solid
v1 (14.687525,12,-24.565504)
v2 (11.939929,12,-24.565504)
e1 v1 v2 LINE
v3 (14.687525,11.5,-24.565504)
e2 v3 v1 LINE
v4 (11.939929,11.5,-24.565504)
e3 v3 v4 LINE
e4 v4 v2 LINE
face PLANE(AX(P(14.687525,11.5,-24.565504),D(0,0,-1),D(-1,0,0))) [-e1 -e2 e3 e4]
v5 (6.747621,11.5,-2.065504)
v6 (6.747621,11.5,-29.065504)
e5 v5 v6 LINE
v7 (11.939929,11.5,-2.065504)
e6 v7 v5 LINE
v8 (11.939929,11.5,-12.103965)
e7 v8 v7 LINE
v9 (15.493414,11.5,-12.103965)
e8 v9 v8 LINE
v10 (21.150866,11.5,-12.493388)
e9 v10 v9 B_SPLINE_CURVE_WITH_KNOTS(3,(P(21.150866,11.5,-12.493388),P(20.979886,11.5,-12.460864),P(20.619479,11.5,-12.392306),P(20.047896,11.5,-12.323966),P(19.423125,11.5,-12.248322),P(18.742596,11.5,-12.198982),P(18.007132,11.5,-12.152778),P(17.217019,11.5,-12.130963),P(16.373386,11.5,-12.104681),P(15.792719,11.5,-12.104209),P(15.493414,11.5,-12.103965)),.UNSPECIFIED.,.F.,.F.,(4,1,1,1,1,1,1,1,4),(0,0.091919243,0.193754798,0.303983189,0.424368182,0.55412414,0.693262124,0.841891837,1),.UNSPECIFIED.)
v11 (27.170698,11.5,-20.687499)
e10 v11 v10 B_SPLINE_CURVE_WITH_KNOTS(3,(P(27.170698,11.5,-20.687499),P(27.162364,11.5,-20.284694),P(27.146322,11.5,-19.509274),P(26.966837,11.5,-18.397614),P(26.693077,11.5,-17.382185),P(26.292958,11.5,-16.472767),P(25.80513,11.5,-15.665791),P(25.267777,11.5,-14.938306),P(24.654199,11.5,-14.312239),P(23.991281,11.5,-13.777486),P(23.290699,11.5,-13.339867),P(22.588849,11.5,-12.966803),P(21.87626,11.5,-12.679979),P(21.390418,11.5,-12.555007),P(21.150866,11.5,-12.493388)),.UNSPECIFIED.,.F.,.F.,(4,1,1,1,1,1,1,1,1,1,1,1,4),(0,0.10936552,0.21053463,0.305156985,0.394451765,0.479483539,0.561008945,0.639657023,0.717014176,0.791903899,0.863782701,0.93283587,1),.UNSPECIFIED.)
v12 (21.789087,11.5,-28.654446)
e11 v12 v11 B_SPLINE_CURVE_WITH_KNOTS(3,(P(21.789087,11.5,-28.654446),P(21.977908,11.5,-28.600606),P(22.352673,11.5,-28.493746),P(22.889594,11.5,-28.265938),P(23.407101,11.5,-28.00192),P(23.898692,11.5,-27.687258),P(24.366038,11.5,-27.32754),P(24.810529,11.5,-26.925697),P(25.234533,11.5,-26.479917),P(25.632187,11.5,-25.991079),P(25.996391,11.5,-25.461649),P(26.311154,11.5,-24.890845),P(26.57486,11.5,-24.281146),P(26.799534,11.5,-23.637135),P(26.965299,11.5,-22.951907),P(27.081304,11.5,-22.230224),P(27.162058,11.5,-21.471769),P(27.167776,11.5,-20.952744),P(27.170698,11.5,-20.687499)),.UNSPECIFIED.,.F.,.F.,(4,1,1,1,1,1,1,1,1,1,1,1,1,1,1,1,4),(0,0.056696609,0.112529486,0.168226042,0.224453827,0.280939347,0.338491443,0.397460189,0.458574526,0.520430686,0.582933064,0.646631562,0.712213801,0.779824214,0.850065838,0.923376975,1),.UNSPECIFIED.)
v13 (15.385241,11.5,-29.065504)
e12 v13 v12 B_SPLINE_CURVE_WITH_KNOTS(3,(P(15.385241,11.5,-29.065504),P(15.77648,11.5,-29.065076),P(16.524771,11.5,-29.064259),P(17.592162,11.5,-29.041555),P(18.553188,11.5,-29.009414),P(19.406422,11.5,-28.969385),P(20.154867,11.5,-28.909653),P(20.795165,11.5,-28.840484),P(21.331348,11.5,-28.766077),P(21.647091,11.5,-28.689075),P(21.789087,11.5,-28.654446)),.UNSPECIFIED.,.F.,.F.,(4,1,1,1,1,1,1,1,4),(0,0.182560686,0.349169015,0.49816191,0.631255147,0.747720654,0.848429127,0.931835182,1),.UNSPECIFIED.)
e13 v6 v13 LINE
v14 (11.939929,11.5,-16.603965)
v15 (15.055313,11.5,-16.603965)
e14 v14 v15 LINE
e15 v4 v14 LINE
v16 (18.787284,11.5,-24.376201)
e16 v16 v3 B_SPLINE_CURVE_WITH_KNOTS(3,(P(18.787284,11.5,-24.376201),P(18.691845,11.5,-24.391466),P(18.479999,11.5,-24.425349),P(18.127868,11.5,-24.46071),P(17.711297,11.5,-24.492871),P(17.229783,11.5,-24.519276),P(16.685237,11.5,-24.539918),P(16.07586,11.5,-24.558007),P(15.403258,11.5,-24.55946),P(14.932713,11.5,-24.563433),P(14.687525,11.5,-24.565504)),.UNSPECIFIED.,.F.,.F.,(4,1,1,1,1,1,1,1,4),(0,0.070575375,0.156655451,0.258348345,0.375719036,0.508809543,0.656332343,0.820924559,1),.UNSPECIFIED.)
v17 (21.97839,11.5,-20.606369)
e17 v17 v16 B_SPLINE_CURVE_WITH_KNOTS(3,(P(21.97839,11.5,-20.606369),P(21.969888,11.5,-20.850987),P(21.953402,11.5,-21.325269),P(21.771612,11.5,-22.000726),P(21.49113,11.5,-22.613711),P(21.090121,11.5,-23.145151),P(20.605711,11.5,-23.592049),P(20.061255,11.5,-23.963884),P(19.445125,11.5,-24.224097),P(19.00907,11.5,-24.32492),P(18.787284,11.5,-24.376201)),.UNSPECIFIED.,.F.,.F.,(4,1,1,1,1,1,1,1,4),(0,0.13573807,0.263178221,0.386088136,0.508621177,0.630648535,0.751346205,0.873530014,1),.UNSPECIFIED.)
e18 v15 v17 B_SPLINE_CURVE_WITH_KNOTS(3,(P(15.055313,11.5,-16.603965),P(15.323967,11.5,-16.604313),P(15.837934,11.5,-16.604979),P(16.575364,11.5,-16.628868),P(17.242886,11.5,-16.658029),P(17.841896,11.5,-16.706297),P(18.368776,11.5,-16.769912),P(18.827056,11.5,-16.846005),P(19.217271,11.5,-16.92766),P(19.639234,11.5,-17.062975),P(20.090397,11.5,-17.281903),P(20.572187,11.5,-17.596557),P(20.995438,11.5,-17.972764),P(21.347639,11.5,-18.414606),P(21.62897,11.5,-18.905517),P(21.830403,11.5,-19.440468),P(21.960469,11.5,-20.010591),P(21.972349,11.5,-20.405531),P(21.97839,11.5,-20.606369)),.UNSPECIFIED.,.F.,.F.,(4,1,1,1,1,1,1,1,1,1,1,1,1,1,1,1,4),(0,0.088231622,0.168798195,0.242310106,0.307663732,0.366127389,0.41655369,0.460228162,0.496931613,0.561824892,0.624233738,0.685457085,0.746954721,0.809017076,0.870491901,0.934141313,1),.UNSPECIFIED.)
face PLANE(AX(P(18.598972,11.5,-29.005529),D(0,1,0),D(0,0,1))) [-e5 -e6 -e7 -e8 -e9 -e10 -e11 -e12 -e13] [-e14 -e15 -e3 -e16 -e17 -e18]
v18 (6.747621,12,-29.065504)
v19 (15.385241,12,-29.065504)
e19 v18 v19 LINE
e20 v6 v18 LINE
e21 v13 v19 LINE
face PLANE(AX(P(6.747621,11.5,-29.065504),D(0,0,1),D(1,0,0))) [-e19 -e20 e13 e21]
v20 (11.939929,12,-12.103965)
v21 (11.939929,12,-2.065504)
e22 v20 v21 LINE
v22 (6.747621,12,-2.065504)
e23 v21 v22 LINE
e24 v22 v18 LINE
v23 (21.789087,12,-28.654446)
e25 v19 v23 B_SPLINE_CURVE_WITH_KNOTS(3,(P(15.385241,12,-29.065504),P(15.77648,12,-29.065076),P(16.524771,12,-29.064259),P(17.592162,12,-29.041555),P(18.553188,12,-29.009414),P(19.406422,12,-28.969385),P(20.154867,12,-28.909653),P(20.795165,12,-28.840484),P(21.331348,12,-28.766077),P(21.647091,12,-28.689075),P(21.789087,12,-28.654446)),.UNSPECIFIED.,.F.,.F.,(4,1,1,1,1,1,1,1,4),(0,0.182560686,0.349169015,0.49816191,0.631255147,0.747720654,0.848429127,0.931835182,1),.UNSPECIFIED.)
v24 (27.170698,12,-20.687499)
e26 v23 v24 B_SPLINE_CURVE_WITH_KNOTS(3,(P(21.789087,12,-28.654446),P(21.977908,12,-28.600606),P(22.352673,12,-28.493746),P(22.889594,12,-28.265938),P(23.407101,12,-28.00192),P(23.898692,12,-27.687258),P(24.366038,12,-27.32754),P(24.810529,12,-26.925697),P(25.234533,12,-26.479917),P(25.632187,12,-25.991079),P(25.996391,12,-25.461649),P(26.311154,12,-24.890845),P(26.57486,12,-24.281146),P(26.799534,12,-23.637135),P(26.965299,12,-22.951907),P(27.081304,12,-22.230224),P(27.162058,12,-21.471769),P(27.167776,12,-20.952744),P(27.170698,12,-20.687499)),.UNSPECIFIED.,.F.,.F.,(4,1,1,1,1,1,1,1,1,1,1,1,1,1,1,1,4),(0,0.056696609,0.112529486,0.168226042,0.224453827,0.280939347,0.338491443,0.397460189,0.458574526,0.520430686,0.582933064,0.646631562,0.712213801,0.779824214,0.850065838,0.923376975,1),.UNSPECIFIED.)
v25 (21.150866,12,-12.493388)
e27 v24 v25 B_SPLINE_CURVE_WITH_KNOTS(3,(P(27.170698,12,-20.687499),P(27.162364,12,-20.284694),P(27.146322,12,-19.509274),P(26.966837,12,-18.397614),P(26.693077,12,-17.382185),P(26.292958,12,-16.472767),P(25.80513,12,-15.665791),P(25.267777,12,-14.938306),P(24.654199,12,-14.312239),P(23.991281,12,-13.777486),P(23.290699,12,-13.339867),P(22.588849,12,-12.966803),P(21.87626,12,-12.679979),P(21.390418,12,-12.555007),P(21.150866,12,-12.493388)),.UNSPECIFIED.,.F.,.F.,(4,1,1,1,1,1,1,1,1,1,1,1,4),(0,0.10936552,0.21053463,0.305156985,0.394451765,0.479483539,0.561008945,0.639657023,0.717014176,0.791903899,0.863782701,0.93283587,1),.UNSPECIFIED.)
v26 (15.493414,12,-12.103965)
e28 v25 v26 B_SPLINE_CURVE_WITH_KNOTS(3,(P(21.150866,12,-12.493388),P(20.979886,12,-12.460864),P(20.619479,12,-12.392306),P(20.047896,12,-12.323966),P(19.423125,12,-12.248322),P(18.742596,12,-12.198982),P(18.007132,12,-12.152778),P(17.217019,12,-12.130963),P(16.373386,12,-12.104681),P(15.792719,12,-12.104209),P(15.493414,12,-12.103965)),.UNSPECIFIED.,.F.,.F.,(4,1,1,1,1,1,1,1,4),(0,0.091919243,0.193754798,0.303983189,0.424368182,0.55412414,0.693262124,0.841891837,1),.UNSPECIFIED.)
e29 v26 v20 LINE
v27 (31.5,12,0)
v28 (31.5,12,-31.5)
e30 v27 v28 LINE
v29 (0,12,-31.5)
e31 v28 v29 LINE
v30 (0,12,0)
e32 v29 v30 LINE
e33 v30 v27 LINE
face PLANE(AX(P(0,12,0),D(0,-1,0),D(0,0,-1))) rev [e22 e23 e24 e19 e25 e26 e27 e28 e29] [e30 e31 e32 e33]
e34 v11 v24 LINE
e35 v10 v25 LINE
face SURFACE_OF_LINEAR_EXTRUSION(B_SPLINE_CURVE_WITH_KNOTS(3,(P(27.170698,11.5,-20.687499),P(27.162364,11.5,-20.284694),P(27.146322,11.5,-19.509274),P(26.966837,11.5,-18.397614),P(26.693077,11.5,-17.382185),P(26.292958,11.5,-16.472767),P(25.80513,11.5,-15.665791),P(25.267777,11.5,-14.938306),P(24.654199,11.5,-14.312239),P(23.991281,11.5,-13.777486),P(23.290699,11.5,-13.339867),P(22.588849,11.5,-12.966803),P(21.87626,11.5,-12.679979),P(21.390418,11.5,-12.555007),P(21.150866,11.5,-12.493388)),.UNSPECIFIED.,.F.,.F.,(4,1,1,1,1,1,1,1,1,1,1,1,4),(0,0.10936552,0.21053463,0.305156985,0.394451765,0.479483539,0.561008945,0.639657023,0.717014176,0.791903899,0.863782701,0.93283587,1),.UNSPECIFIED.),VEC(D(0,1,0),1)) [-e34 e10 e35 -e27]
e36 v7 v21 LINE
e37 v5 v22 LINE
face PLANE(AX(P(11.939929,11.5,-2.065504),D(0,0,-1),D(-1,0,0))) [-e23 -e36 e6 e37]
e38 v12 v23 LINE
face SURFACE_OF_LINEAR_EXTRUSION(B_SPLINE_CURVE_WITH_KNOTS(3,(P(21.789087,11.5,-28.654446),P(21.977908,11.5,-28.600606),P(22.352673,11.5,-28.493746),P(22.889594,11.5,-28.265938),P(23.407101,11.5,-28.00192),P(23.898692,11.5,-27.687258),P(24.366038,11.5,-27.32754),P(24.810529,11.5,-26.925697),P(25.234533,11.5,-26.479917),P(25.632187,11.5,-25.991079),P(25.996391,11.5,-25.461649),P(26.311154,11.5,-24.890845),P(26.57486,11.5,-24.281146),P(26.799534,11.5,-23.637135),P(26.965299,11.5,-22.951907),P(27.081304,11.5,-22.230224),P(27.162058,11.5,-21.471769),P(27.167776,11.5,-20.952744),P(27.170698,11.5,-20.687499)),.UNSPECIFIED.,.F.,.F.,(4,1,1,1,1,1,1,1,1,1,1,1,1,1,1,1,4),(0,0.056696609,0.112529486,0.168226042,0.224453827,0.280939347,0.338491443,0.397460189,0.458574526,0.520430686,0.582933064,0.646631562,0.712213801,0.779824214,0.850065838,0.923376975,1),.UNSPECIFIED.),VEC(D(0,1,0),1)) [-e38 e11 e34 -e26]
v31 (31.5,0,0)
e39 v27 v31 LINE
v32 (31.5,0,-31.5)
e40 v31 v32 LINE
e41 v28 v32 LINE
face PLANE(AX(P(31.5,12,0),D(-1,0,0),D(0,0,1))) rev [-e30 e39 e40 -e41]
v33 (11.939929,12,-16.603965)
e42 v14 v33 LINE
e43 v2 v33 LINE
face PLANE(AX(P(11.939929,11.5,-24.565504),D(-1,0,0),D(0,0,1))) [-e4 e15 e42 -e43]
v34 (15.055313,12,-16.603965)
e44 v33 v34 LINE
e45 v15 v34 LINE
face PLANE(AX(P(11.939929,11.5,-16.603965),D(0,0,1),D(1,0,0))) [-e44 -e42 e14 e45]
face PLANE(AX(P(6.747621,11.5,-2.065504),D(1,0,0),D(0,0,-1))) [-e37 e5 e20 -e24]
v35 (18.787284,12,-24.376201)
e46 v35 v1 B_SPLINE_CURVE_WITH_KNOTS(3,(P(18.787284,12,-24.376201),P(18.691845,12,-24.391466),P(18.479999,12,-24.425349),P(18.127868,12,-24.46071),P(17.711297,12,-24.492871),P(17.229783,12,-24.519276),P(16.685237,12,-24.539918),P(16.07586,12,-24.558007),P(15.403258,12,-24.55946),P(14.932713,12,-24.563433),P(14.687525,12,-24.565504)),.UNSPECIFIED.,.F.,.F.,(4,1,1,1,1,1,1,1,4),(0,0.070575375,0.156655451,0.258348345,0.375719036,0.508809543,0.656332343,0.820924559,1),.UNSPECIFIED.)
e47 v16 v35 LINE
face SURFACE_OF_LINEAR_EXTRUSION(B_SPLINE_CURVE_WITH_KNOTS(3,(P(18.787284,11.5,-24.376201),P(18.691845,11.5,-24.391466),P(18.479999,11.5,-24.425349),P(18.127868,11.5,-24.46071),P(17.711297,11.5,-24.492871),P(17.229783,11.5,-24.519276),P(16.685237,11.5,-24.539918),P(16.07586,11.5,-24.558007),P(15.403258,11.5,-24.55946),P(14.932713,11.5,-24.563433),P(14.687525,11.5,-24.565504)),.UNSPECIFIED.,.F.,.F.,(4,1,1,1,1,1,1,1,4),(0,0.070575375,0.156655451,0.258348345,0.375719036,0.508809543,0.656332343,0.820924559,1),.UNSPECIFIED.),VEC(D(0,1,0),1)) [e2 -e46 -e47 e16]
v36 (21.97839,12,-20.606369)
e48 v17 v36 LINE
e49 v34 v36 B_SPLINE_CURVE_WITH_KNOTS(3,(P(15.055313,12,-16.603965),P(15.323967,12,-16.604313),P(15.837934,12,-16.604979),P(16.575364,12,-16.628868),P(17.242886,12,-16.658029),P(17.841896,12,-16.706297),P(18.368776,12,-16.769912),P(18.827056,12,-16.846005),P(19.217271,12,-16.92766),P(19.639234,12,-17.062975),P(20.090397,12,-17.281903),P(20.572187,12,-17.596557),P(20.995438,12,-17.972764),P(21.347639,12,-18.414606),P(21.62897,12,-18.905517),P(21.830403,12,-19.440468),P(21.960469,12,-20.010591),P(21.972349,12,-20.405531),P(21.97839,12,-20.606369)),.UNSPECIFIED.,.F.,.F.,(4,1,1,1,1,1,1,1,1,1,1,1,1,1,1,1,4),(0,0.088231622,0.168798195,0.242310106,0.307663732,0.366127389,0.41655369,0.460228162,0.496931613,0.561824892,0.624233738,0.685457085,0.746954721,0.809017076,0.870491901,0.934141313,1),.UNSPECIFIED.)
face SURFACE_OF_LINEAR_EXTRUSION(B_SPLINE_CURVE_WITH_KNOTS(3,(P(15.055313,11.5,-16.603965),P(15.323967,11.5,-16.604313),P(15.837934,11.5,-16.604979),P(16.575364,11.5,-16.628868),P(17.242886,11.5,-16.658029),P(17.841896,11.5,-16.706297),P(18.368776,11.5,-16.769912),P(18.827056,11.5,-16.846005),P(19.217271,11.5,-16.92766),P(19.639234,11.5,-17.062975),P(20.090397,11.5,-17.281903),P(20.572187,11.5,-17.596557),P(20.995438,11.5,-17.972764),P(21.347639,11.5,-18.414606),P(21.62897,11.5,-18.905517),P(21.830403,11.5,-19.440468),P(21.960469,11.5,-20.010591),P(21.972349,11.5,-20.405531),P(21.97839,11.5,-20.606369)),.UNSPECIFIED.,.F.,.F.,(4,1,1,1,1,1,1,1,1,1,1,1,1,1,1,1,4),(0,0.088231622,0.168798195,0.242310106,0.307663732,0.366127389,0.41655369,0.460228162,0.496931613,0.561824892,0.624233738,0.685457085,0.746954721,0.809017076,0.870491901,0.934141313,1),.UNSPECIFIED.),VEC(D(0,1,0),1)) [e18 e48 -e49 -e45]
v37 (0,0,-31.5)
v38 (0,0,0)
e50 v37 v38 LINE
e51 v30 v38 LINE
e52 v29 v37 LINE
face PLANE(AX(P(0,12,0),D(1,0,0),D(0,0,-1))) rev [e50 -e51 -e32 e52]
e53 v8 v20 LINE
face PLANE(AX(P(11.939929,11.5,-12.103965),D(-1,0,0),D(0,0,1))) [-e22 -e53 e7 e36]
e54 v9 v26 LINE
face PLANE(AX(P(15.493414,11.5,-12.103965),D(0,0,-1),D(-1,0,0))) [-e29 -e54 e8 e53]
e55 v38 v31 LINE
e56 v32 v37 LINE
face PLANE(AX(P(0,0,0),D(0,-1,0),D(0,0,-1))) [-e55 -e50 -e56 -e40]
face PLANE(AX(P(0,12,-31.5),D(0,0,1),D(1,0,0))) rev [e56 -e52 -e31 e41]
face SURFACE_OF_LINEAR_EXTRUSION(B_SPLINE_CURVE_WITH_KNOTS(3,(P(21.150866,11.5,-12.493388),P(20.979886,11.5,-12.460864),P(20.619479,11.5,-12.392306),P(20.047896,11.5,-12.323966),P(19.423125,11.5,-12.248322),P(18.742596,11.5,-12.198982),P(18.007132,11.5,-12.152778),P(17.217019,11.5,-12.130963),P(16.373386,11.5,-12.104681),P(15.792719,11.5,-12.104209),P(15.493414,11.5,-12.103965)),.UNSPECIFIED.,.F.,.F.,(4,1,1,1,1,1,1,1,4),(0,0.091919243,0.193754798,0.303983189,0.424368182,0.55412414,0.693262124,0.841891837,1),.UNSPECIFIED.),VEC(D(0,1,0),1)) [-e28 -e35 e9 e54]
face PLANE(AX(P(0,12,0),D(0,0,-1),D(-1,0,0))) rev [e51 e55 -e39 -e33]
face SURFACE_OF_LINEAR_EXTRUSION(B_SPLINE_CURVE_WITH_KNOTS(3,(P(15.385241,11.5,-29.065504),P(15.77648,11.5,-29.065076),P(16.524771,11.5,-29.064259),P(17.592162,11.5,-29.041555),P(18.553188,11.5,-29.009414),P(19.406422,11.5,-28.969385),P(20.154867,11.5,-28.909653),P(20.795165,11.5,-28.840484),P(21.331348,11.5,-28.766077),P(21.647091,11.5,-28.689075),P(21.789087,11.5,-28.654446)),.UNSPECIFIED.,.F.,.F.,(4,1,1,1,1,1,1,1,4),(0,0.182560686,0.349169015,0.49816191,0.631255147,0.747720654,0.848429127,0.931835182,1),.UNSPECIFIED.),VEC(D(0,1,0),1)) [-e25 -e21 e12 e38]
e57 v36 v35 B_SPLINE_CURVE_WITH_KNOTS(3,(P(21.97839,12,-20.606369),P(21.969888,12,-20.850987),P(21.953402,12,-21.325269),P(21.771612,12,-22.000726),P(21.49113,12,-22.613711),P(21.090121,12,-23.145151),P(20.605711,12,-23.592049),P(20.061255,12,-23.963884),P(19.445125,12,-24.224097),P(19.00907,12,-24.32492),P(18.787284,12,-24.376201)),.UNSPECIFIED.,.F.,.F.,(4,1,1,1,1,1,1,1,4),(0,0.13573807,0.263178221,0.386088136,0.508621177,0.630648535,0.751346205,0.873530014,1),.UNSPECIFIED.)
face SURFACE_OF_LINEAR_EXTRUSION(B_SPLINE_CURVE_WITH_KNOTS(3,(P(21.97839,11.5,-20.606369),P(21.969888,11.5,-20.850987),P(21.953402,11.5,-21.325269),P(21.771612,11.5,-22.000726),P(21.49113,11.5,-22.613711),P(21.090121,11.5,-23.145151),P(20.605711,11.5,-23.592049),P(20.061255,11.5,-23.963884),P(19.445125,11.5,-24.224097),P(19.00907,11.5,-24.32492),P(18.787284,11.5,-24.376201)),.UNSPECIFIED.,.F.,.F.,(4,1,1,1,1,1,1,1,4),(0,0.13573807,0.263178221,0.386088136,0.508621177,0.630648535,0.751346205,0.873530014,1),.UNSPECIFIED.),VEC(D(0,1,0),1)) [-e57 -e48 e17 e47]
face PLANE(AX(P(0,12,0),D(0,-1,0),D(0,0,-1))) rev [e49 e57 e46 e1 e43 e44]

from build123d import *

# Parameters (mm, degrees)
SKETCH1_W           = 31.5
SKETCH1_H           = 31.5
BOSS_EXTRUDE1_DEPTH = 12
CUT_EXTRUDE1_DEPTH  = 0.5


with BuildPart() as part:
    # Sketch1 → Boss-Extrude1 (new body)
    with BuildSketch(Plane(origin=(0, 0, 0), x_dir=(1, 0, 0), z_dir=(0, 1, 0))):
        with Locations((15.75, 15.75)):
            Rectangle(SKETCH1_W, SKETCH1_H)
    extrude(amount=BOSS_EXTRUDE1_DEPTH)

    # Sketch2 → Cut-Extrude1 (cut)
    with BuildSketch(Plane(origin=(0, 12, 0), x_dir=(1, 0, 0), z_dir=(0, 1, 0))):
        with BuildLine():
            Line((6.747621019, 2.065503665), (6.747621019, 29.065503665))
            Line((6.747621019, 29.065503665), (15.385241211, 29.065503665))
            add(Edge.make_bspline(
                [(15.385241211, 29.065503665), (15.776479961, 29.065076414), (16.524770581, 29.064259246), (17.592161888, 29.041554875), (18.553187847, 29.009414336), (19.406422141, 28.969384655), (20.154867078, 28.909652682), (20.795165219, 28.840483957), (21.331348478, 28.766076764), (21.647090916, 28.68907527), (21.789087365, 28.654445973)],
                knots=[0, 0, 0, 0, 1.460485487, 2.793352117, 3.985295279, 5.050041172, 5.981765236, 6.787433016, 7.454681457, 8, 8, 8, 8], degree=3))
            add(Edge.make_bspline(
                [(21.789087365, 28.654445973), (21.977908112, 28.600605902), (22.352673057, 28.493745974), (22.889594358, 28.265937582), (23.40710147, 28.001919809), (23.898692472, 27.687258347), (24.366038435, 27.327539547), (24.810528525, 26.925696963), (25.234533144, 26.479916594), (25.632186734, 25.991079052), (25.996390644, 25.461649309), (26.311154328, 24.890844616), (26.574860483, 24.281145984), (26.799533744, 23.63713522), (26.965298747, 22.951907486), (27.081304113, 22.230223822), (27.162058322, 21.471768579), (27.16777597, 20.952743669), (27.170697942, 20.687498858)],
                knots=[0, 0, 0, 0, 0.907145743, 1.80047177, 2.69161667, 3.591261238, 4.495029544, 5.415863088, 6.359363025, 7.337192411, 8.326890979, 9.326929023, 10.346104993, 11.395420813, 12.477187422, 13.601053412, 14.774031606, 16, 16, 16, 16], degree=3))
            add(Edge.make_bspline(
                [(27.170697942, 20.687498858), (27.162364492, 20.284694456), (27.146322143, 19.509273864), (26.966836725, 18.397614462), (26.693077309, 17.382185261), (26.292958142, 16.472766953), (25.805129757, 15.665790828), (25.267776748, 14.938305662), (24.654198579, 14.312238597), (23.991281493, 13.777486058), (23.290699292, 13.339866766), (22.588848894, 12.966802533), (21.876259855, 12.67997883), (21.390418234, 12.555007436), (21.150866211, 12.493388281)],
                knots=[0, 0, 0, 0, 1.312386234, 2.526415563, 3.661883817, 4.733421185, 5.753802465, 6.732107337, 7.675884281, 8.604170108, 9.50284679, 10.365392406, 11.194030444, 12, 12, 12, 12], degree=3))
            add(Edge.make_bspline(
                [(21.150866211, 12.493388281), (20.979885726, 12.460863774), (20.619479264, 12.392305995), (20.047896175, 12.323966368), (19.423124881, 12.24832185), (18.742595655, 12.198982246), (18.007131761, 12.152777775), (17.217018782, 12.130963119), (16.373385874, 12.104680889), (15.792719174, 12.10420863), (15.493414288, 12.103965204)],
                knots=[0, 0, 0, 0, 0.735353946, 1.55003838, 2.431865514, 3.394945452, 4.432993119, 5.54609699, 6.735134699, 8, 8, 8, 8], degree=3))
            Line((15.493414288, 12.103965204), (11.939928711, 12.103965204))
            Line((11.939928711, 12.103965204), (11.939928711, 2.065503665))
            Line((11.939928711, 2.065503665), (6.747621019, 2.065503665))
        make_face()
        with BuildLine():
            Line((11.939928711, 24.565503665), (11.939928711, 16.603965204))
            Line((11.939928711, 16.603965204), (15.055313327, 16.603965204))
            add(Edge.make_bspline(
                [(15.055313327, 16.603965204), (15.323966729, 16.604313087), (15.837934489, 16.604978632), (16.575364214, 16.628867789), (17.242886299, 16.658028936), (17.841895509, 16.7062966), (18.368776067, 16.769912227), (18.827056361, 16.846004529), (19.217270507, 16.927659519), (19.639233984, 17.062974924), (20.090397304, 17.281902908), (20.572186709, 17.596557411), (20.995438133, 17.97276398), (21.347639417, 18.414605566), (21.628970266, 18.905517169), (21.830403359, 19.440467762), (21.960468518, 20.010591345), (21.972348784, 20.405530729), (21.97839025, 20.60636905)],
                knots=[0, 0, 0, 0, 1.411705958, 2.700771114, 3.876961699, 4.922619712, 5.858038221, 6.66485904, 7.363650596, 7.950905807, 8.989198271, 9.987739806, 10.967313358, 11.951275539, 12.944273208, 13.927870418, 14.946261014, 16, 16, 16, 16], degree=3))
            add(Edge.make_bspline(
                [(21.97839025, 20.60636905), (21.969887549, 20.850986989), (21.953401934, 21.32526892), (21.77161162, 22.000725543), (21.491129938, 22.613710617), (21.090120764, 23.14515141), (20.605711119, 23.592049413), (20.061254895, 23.963884441), (19.445124983, 24.224097423), (19.009070151, 24.324920349), (18.787284481, 24.376200781)],
                knots=[0, 0, 0, 0, 1.085904563, 2.105425768, 3.088705091, 4.068969419, 5.045188284, 6.010769642, 6.988240112, 8, 8, 8, 8], degree=3))
            add(Edge.make_bspline(
                [(18.787284481, 24.376200781), (18.69184504, 24.391465541), (18.479999071, 24.425348577), (18.127867959, 24.460709738), (17.711296797, 24.492870678), (17.229783451, 24.519275772), (16.685236518, 24.53991844), (16.075859838, 24.558006509), (15.40325832, 24.559459645), (14.932712769, 24.563433173), (14.687524865, 24.565503665)],
                knots=[0, 0, 0, 0, 0.564603001, 1.253243608, 2.066786758, 3.005752288, 4.070476343, 5.250658742, 6.567396469, 8, 8, 8, 8], degree=3))
            Line((14.687524865, 24.565503665), (11.939928711, 24.565503665))
        make_face(mode=Mode.SUBTRACT)
    extrude(amount=-CUT_EXTRUDE1_DEPTH, mode=Mode.SUBTRACT)


solid = part.part
